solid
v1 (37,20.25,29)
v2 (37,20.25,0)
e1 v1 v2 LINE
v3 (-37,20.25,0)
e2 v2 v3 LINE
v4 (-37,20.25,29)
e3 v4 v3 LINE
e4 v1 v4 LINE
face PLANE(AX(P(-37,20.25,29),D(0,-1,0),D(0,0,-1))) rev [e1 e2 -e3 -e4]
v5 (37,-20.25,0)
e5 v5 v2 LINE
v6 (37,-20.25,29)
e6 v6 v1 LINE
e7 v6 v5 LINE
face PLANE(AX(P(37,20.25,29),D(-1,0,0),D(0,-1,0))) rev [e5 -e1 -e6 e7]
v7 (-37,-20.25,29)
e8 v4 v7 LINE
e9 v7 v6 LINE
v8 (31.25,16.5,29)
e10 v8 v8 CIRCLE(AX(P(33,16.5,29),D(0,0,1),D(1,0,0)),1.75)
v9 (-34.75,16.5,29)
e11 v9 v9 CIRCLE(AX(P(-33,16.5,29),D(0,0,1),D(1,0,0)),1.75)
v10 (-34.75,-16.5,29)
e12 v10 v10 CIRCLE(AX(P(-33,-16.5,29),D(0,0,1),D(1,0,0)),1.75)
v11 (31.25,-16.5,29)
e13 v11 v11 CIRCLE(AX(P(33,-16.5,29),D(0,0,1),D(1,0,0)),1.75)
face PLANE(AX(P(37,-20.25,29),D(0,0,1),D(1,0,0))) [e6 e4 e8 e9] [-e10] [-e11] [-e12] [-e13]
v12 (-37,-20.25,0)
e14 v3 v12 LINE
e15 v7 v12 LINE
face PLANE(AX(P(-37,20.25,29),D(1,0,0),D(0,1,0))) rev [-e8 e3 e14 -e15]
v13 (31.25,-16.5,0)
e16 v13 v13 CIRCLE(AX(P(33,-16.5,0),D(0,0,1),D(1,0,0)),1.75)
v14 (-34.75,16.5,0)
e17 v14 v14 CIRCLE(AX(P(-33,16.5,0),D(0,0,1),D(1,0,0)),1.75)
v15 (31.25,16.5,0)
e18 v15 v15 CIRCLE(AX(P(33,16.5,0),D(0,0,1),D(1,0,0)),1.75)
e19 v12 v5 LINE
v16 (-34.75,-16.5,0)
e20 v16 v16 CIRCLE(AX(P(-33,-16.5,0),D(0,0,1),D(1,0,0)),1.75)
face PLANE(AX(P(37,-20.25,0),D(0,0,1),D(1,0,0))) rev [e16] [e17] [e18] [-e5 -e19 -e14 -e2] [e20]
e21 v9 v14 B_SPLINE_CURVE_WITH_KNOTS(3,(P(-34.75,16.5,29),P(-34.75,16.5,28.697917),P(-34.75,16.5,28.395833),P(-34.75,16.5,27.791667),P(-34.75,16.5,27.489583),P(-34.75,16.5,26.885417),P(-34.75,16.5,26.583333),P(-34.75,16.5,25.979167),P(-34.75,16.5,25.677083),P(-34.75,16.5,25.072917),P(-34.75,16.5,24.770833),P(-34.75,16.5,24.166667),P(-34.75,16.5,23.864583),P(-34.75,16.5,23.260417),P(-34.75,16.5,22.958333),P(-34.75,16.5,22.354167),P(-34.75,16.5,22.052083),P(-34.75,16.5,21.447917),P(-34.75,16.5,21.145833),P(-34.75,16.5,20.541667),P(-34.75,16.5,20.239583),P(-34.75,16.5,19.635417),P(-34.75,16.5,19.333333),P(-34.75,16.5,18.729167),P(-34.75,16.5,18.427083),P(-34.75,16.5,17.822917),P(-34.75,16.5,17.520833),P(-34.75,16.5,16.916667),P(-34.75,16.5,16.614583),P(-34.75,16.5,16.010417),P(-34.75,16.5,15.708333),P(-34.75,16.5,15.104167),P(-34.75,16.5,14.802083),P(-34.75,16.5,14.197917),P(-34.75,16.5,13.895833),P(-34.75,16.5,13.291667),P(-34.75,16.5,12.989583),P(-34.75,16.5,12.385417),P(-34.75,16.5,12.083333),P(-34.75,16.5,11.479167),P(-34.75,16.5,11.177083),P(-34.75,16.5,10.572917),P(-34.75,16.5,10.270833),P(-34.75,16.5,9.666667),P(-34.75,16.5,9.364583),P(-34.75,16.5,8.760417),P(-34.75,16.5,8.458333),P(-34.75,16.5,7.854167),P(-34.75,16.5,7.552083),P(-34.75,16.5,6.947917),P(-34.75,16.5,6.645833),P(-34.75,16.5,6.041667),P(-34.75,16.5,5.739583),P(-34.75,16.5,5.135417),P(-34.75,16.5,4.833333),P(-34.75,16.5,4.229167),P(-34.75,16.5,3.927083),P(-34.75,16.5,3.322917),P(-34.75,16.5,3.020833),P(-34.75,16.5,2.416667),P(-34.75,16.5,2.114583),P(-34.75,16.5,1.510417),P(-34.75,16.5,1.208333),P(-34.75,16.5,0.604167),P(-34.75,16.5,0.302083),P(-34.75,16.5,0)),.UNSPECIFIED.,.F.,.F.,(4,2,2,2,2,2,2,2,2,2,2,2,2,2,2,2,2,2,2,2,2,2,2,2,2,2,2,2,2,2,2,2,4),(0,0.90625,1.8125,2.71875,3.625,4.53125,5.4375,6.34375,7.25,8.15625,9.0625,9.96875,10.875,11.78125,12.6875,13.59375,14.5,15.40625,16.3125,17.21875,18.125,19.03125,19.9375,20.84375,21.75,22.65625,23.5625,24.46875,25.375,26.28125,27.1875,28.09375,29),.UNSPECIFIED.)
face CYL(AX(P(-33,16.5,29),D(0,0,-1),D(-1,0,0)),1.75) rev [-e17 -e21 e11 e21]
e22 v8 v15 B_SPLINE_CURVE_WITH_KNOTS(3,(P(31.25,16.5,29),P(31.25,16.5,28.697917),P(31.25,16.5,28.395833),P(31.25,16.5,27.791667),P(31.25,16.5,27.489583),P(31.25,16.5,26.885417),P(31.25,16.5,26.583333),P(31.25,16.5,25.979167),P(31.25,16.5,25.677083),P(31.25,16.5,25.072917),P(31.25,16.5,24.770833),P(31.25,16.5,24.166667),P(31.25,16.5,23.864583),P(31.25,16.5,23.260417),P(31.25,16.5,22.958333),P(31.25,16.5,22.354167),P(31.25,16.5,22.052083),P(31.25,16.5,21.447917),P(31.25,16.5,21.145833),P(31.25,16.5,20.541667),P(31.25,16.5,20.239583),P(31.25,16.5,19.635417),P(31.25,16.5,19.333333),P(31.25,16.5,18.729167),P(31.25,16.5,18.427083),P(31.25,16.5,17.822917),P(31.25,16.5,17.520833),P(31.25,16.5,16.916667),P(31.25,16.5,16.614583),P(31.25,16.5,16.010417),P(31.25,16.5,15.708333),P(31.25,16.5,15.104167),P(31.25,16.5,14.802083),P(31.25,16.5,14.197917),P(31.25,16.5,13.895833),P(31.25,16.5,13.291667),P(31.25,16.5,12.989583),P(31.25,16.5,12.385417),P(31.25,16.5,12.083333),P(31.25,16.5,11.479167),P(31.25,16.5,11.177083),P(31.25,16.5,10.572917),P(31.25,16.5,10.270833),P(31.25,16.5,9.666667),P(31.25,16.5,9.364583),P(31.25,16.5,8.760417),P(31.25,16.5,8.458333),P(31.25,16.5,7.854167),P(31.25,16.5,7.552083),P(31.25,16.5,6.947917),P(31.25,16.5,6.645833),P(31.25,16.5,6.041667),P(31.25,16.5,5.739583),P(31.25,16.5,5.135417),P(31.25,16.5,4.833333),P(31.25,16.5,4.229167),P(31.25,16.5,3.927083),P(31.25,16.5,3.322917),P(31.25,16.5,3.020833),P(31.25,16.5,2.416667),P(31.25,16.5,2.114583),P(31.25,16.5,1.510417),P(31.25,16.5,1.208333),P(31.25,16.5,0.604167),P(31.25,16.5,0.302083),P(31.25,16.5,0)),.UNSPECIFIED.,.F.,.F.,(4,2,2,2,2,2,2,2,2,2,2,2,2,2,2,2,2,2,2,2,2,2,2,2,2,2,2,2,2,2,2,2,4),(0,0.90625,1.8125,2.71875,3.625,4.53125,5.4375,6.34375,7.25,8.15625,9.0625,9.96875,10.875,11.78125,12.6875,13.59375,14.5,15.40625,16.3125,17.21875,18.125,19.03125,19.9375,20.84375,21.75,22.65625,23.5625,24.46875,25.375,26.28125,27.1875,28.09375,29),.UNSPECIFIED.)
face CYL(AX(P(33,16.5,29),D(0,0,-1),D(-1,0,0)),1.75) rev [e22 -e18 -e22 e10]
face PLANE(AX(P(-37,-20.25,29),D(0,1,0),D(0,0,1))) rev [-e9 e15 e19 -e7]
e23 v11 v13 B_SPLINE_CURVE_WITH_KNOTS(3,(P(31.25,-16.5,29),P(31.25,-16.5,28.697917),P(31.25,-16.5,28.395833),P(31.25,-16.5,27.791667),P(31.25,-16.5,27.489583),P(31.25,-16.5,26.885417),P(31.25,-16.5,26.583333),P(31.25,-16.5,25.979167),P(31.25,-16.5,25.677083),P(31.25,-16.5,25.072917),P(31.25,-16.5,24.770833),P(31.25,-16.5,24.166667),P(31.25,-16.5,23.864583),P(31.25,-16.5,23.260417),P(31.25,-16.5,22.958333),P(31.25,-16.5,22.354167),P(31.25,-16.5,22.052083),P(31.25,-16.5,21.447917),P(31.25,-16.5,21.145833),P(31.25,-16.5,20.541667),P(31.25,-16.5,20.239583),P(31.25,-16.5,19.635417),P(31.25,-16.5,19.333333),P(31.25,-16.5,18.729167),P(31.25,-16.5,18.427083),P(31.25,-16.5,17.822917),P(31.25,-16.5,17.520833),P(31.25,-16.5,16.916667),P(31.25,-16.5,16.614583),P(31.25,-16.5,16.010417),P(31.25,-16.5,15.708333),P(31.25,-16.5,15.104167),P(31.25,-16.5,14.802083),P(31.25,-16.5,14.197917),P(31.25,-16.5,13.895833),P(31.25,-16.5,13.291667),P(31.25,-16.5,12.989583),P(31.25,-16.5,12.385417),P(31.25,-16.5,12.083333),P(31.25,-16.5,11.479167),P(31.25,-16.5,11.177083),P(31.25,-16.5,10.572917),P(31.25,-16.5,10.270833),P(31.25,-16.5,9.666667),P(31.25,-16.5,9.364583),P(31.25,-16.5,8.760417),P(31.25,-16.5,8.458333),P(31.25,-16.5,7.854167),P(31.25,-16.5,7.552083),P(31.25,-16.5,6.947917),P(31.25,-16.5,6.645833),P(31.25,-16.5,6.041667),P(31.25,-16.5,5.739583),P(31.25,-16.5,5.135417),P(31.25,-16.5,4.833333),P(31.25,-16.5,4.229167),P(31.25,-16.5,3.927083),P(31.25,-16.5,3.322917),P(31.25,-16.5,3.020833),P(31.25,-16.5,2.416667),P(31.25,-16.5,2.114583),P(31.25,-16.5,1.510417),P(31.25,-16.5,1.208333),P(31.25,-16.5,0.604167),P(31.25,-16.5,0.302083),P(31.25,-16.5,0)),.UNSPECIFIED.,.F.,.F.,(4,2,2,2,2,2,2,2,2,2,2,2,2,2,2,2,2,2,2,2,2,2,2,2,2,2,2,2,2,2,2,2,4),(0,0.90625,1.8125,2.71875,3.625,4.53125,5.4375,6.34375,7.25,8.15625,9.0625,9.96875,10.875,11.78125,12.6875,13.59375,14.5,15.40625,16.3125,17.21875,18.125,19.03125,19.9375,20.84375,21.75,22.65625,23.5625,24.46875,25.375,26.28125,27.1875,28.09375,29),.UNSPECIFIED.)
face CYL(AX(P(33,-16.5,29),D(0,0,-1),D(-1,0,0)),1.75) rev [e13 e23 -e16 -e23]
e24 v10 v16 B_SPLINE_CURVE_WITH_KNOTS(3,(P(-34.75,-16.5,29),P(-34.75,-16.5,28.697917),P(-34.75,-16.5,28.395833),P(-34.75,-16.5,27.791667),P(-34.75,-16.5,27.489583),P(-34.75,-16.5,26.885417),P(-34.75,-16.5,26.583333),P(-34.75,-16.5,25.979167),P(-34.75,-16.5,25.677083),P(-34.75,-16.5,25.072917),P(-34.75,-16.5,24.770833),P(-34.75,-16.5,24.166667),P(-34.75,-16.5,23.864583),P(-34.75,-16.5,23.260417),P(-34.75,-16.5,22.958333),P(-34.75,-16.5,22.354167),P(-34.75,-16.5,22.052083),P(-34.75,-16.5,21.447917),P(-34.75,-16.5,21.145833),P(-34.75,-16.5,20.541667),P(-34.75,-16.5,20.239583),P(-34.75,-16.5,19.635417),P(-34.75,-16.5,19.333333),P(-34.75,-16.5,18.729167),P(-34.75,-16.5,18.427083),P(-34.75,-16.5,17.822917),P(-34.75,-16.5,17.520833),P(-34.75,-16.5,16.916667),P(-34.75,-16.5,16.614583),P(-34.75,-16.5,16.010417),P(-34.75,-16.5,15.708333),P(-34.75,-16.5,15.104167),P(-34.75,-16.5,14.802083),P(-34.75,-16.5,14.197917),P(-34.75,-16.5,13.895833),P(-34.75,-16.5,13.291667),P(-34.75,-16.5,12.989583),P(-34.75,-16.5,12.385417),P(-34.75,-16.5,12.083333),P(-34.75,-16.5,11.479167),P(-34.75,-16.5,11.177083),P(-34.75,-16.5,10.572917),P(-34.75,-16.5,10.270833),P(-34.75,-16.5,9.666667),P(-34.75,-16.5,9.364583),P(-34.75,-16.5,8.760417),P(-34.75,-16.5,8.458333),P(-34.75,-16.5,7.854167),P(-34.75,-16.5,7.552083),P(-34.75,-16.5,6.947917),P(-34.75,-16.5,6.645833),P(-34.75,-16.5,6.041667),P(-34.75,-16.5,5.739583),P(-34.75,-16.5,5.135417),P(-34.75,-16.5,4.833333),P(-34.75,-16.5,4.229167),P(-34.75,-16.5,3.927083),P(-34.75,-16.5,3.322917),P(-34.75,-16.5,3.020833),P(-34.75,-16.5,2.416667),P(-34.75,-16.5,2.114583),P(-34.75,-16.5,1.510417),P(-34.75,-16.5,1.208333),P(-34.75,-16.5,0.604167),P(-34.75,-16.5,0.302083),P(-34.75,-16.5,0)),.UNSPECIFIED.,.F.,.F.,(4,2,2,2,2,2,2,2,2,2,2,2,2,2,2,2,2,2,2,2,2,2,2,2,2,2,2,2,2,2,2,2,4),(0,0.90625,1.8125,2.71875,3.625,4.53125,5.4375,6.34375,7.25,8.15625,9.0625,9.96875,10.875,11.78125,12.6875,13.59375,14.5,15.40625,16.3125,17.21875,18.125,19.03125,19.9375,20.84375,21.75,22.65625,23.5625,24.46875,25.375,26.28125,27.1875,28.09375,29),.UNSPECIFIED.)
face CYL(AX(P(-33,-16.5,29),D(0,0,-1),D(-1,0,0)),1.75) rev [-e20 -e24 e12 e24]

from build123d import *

# Parameters (mm, degrees)
SKETCH_1_W      = 74
SKETCH_1_H      = 40.5
SKETCH_1_R      = 1.75
EXTRUDE_1_DEPTH = 29


with BuildPart() as part:
    # 草圖1 → 伸長1 (new body)
    with BuildSketch(Plane.XY):
        Rectangle(SKETCH_1_W, SKETCH_1_H)
        with Locations(Location((-33, 16.5, 0), (0, 0, 180))):
            Circle(SKETCH_1_R, mode=Mode.SUBTRACT)
        with Locations(Location((-33, -16.5, 0), (0, 0, 180))):
            Circle(SKETCH_1_R, mode=Mode.SUBTRACT)
        with Locations(Location((33, -16.5, 0), (0, 0, 180))):
            Circle(SKETCH_1_R, mode=Mode.SUBTRACT)
        with Locations(Location((33, 16.5, 0), (0, 0, 180))):
            Circle(SKETCH_1_R, mode=Mode.SUBTRACT)
    extrude(amount=EXTRUDE_1_DEPTH)


solid = part.part
